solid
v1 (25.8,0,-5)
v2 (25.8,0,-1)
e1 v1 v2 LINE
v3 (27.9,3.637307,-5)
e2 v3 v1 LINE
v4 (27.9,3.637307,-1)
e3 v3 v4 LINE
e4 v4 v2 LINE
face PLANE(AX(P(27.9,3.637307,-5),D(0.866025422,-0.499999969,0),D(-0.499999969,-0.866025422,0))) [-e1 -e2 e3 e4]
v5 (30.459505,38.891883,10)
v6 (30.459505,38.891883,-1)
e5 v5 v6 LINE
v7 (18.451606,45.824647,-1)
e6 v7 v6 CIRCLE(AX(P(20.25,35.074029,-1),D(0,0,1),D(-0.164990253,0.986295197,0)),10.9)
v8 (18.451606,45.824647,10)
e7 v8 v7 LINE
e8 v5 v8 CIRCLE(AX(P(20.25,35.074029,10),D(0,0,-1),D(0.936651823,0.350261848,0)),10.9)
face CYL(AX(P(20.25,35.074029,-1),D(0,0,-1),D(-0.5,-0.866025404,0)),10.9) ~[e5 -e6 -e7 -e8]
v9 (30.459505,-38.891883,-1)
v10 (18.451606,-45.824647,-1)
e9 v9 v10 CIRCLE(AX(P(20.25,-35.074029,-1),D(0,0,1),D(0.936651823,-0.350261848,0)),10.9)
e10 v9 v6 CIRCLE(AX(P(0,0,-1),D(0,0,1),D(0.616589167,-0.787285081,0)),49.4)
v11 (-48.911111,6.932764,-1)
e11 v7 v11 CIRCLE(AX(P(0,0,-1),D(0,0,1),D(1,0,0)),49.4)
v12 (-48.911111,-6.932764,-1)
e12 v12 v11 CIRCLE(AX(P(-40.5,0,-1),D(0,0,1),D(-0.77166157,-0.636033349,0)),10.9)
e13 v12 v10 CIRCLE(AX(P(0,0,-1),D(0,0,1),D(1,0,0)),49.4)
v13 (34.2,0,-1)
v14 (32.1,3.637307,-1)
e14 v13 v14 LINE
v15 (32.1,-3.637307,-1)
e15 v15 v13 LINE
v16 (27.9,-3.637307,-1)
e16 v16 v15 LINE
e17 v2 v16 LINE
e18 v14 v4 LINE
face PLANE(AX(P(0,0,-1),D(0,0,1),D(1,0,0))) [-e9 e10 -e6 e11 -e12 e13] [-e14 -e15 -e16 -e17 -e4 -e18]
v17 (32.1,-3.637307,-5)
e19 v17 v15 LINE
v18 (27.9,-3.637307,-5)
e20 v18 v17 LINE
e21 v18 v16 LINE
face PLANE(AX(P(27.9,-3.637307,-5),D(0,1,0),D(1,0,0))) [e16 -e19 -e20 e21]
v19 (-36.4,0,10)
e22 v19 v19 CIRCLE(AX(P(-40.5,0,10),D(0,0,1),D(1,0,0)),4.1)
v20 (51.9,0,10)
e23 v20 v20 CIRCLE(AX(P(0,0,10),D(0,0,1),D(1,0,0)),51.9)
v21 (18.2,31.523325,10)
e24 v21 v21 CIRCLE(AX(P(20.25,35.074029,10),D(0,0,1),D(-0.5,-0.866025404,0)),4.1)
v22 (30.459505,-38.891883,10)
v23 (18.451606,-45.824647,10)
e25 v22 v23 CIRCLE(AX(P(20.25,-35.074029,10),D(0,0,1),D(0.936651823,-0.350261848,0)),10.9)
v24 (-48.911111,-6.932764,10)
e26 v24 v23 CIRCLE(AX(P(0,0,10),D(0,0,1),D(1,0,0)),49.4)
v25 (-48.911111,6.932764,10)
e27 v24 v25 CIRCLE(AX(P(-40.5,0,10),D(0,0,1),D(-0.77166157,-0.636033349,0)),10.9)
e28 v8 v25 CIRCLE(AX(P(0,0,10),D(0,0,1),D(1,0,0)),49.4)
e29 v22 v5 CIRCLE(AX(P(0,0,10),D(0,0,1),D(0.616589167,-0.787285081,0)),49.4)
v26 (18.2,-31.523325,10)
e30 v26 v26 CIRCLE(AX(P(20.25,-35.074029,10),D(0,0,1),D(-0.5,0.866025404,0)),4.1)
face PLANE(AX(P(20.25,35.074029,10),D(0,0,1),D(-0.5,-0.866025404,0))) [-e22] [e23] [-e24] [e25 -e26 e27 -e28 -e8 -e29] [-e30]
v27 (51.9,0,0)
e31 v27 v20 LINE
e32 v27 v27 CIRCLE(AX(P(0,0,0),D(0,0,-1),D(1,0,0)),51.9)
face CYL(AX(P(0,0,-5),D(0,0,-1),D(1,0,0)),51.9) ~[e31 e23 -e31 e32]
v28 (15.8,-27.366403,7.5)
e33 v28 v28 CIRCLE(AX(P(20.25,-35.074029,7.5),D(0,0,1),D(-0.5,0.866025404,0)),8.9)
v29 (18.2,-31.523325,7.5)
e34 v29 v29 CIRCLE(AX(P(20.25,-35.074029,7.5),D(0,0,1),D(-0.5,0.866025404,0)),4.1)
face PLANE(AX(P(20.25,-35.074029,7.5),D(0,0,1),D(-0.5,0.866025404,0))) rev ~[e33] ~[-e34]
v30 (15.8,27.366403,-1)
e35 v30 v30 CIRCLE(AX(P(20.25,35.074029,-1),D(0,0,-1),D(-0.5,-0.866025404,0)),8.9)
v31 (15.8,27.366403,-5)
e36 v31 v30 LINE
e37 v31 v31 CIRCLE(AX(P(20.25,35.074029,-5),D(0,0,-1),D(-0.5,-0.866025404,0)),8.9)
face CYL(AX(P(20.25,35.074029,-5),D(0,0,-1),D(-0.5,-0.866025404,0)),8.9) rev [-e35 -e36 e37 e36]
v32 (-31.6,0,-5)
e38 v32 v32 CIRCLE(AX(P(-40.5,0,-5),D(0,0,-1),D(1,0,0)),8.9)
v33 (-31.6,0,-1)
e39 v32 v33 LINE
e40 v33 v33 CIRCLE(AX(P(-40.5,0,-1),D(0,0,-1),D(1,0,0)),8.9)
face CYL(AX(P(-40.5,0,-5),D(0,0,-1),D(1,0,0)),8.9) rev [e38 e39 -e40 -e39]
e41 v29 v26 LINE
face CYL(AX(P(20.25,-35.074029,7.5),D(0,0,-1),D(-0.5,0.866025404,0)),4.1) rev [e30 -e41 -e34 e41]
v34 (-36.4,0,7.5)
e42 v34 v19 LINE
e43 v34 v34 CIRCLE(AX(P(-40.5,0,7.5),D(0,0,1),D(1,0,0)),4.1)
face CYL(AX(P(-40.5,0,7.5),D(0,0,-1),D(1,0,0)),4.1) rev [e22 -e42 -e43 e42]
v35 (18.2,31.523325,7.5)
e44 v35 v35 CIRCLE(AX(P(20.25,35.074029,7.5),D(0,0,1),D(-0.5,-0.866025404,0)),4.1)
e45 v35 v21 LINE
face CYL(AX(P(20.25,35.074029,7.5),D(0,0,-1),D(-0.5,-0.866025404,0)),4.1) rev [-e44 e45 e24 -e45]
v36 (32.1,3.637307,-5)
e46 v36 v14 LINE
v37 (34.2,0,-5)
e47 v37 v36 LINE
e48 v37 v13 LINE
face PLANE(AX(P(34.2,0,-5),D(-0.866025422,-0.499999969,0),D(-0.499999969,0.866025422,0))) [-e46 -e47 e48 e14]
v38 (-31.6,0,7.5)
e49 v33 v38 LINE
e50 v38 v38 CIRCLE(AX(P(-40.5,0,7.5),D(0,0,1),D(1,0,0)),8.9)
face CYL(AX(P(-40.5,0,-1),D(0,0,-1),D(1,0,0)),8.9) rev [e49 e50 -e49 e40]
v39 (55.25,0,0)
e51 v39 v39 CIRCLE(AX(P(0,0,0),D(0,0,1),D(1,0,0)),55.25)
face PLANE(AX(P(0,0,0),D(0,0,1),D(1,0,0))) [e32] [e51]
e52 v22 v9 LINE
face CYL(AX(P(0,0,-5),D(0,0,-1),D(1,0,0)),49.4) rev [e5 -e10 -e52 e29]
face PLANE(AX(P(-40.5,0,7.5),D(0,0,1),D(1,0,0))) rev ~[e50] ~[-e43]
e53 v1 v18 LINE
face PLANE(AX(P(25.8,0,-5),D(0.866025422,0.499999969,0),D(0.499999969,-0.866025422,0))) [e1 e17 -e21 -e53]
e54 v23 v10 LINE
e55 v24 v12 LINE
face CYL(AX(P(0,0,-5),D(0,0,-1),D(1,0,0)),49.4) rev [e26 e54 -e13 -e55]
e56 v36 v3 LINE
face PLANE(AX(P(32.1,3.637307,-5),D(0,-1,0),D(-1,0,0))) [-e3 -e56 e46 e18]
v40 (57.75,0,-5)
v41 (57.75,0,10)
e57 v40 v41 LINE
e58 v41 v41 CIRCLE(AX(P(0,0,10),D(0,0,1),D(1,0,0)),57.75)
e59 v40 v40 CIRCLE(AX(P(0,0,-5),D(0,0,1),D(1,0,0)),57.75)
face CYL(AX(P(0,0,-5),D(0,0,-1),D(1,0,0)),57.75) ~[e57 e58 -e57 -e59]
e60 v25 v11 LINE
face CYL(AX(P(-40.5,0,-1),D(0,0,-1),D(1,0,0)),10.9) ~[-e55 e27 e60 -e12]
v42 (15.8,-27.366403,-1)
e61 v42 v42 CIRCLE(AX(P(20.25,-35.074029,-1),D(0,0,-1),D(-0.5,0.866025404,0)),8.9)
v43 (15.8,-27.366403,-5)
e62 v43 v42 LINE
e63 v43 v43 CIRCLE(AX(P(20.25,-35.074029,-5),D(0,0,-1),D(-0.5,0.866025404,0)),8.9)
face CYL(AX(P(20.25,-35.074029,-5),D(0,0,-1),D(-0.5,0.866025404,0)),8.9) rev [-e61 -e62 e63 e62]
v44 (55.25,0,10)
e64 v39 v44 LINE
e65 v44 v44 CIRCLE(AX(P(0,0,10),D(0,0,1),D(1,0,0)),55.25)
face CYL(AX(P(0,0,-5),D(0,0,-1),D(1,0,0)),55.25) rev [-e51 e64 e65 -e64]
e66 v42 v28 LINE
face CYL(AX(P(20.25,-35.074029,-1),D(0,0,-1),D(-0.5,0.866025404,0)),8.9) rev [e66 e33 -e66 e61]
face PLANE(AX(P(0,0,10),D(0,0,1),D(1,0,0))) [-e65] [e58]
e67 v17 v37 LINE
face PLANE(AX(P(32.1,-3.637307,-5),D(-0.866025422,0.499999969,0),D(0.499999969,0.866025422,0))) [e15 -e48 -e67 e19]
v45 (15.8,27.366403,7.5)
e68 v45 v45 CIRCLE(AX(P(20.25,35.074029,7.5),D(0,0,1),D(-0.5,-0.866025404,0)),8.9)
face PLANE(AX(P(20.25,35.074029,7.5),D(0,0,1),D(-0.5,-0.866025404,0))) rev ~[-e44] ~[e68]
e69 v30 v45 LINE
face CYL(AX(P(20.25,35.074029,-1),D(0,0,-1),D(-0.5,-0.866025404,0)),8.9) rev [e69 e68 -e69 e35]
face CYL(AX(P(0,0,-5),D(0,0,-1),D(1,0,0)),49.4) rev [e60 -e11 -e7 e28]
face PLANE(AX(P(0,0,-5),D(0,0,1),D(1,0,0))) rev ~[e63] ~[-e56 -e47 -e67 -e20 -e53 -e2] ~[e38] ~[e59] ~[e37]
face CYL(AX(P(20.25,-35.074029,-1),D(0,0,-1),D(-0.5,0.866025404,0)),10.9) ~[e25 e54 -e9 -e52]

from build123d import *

# Parameters (mm, degrees)
EXTRUDE002_DEPTH  = 4
TUBE029_R         = 57.75
TUBE029_R_2       = 55.25
TUBE029_DEPTH     = 15
TUBE027_R         = 51.9
TUBE027_R_2       = 49.4
TUBE027_DEPTH     = 15
TUBE030_R         = 10.9
TUBE030_R_2       = 8.9
TUBE030_DEPTH     = 11
TUBE031_R         = 8.9
TUBE031_R_2       = 4.1
TUBE031_DEPTH     = 2.5
ARRAY034_COUNT    = 3
CYLINDER030_R     = 8.9
CYLINDER030_DEPTH = 4
ARRAY033_COUNT    = 3
CYLINDER029_R     = 49.4
CYLINDER029_DEPTH = 4
TUBE028_R         = 55.25
TUBE028_R_2       = 51.75
TUBE028_DEPTH     = 5


with BuildPart() as valvecutter:
    # Face002 → Extrude002 (new body)
    with BuildSketch(Plane(origin=(0, 0, 0), x_dir=(0, 1, 0), z_dir=(0, 0, 1))):
        Polygon((0, -4.2), (3.637307, -2.1), (3.637307, 2.1), (0, 4.2), (-3.637307, 2.1), (-3.637307, -2.1), align=None)
    extrude(amount=EXTRUDE002_DEPTH)


with BuildPart() as valvecutter_1:
    # Extrude002 placement: moved
    add(valvecutter.part.moved(Location((30, 0, -5))))


with BuildPart() as lidconnectorouter:
    # Tube029 → Tube029 (new body)
    with BuildSketch(Plane.XY.offset(-5)):
        Circle(TUBE029_R)
        Circle(TUBE029_R_2, mode=Mode.SUBTRACT)
    extrude(amount=TUBE029_DEPTH)


with BuildPart() as lidconnectorinner:
    # Tube027 → Tube027 (new body)
    with BuildSketch(Plane.XY.offset(-5)):
        Circle(TUBE027_R)
        Circle(TUBE027_R_2, mode=Mode.SUBTRACT)
    extrude(amount=TUBE027_DEPTH)


with BuildPart() as lidrailguide:
    # Tube030 → Tube030 (new body)
    with BuildSketch(Plane(origin=(-40.5, 0, -1), x_dir=(1, 0, 0), z_dir=(0, 0, 1))):
        Circle(TUBE030_R)
        Circle(TUBE030_R_2, mode=Mode.SUBTRACT)
    extrude(amount=TUBE030_DEPTH)


with BuildPart() as lidrailguides:
    # Tube031 → Tube031 (new body)
    with BuildSketch(Plane(origin=(-40.5, 0, 7.5), x_dir=(1, 0, 0), z_dir=(0, 0, 1))):
        Circle(TUBE031_R)
        Circle(TUBE031_R_2, mode=Mode.SUBTRACT)
    extrude(amount=TUBE031_DEPTH)

    # Fusion016: union LidRailGuide
    add(lidrailguide.part)

    # Array034: LidRailGuides ×3 about axis
    array034_axis = Axis((0, 0, 0), (0, 0, 1))


with BuildPart() as lidrailguides_1:
    add(lidrailguides.part)
    for i in range(1, ARRAY034_COUNT):
        add(lidrailguides.part.rotate(array034_axis, i * 360 / ARRAY034_COUNT))


with BuildPart() as lidnutcutters:
    # Cylinder030 → Cylinder030 (new body)
    with BuildSketch(Plane(origin=(-40.5, 0, -5), x_dir=(1, 0, 0), z_dir=(0, 0, 1))):
        Circle(CYLINDER030_R)
    extrude(amount=CYLINDER030_DEPTH)

    # Array033: LidNutCutters ×3 about axis
    array033_axis = Axis((0, 0, 0), (0, 0, 1))


with BuildPart() as lidnutcutters_1:
    add(lidnutcutters.part)
    for i in range(1, ARRAY033_COUNT):
        add(lidnutcutters.part.rotate(array033_axis, i * 360 / ARRAY033_COUNT))


with BuildPart() as lid1:
    # Cylinder029 → Cylinder029 (new body)
    with BuildSketch(Plane.XY.offset(-5)):
        Circle(CYLINDER029_R)
    extrude(amount=CYLINDER029_DEPTH)

    # Cut056: cut LidNutCutters
    add(lidnutcutters_1.part, mode=Mode.SUBTRACT)


with BuildPart() as lid3:
    # Tube028 → Tube028 (new body)
    with BuildSketch(Plane.XY.offset(-5)):
        Circle(TUBE028_R)
        Circle(TUBE028_R_2, mode=Mode.SUBTRACT)
    extrude(amount=TUBE028_DEPTH)

    # Fusion017: union LidConnectorOuter, LidConnectorInner, LidRailGuides, Lid1
    add(lidconnectorouter.part)
    add(lidconnectorinner.part)
    add(lidrailguides_1.part)
    add(lid1.part)

    # Cut057: cut ValveCutter
    add(valvecutter_1.part, mode=Mode.SUBTRACT)


solid = lid3.part
